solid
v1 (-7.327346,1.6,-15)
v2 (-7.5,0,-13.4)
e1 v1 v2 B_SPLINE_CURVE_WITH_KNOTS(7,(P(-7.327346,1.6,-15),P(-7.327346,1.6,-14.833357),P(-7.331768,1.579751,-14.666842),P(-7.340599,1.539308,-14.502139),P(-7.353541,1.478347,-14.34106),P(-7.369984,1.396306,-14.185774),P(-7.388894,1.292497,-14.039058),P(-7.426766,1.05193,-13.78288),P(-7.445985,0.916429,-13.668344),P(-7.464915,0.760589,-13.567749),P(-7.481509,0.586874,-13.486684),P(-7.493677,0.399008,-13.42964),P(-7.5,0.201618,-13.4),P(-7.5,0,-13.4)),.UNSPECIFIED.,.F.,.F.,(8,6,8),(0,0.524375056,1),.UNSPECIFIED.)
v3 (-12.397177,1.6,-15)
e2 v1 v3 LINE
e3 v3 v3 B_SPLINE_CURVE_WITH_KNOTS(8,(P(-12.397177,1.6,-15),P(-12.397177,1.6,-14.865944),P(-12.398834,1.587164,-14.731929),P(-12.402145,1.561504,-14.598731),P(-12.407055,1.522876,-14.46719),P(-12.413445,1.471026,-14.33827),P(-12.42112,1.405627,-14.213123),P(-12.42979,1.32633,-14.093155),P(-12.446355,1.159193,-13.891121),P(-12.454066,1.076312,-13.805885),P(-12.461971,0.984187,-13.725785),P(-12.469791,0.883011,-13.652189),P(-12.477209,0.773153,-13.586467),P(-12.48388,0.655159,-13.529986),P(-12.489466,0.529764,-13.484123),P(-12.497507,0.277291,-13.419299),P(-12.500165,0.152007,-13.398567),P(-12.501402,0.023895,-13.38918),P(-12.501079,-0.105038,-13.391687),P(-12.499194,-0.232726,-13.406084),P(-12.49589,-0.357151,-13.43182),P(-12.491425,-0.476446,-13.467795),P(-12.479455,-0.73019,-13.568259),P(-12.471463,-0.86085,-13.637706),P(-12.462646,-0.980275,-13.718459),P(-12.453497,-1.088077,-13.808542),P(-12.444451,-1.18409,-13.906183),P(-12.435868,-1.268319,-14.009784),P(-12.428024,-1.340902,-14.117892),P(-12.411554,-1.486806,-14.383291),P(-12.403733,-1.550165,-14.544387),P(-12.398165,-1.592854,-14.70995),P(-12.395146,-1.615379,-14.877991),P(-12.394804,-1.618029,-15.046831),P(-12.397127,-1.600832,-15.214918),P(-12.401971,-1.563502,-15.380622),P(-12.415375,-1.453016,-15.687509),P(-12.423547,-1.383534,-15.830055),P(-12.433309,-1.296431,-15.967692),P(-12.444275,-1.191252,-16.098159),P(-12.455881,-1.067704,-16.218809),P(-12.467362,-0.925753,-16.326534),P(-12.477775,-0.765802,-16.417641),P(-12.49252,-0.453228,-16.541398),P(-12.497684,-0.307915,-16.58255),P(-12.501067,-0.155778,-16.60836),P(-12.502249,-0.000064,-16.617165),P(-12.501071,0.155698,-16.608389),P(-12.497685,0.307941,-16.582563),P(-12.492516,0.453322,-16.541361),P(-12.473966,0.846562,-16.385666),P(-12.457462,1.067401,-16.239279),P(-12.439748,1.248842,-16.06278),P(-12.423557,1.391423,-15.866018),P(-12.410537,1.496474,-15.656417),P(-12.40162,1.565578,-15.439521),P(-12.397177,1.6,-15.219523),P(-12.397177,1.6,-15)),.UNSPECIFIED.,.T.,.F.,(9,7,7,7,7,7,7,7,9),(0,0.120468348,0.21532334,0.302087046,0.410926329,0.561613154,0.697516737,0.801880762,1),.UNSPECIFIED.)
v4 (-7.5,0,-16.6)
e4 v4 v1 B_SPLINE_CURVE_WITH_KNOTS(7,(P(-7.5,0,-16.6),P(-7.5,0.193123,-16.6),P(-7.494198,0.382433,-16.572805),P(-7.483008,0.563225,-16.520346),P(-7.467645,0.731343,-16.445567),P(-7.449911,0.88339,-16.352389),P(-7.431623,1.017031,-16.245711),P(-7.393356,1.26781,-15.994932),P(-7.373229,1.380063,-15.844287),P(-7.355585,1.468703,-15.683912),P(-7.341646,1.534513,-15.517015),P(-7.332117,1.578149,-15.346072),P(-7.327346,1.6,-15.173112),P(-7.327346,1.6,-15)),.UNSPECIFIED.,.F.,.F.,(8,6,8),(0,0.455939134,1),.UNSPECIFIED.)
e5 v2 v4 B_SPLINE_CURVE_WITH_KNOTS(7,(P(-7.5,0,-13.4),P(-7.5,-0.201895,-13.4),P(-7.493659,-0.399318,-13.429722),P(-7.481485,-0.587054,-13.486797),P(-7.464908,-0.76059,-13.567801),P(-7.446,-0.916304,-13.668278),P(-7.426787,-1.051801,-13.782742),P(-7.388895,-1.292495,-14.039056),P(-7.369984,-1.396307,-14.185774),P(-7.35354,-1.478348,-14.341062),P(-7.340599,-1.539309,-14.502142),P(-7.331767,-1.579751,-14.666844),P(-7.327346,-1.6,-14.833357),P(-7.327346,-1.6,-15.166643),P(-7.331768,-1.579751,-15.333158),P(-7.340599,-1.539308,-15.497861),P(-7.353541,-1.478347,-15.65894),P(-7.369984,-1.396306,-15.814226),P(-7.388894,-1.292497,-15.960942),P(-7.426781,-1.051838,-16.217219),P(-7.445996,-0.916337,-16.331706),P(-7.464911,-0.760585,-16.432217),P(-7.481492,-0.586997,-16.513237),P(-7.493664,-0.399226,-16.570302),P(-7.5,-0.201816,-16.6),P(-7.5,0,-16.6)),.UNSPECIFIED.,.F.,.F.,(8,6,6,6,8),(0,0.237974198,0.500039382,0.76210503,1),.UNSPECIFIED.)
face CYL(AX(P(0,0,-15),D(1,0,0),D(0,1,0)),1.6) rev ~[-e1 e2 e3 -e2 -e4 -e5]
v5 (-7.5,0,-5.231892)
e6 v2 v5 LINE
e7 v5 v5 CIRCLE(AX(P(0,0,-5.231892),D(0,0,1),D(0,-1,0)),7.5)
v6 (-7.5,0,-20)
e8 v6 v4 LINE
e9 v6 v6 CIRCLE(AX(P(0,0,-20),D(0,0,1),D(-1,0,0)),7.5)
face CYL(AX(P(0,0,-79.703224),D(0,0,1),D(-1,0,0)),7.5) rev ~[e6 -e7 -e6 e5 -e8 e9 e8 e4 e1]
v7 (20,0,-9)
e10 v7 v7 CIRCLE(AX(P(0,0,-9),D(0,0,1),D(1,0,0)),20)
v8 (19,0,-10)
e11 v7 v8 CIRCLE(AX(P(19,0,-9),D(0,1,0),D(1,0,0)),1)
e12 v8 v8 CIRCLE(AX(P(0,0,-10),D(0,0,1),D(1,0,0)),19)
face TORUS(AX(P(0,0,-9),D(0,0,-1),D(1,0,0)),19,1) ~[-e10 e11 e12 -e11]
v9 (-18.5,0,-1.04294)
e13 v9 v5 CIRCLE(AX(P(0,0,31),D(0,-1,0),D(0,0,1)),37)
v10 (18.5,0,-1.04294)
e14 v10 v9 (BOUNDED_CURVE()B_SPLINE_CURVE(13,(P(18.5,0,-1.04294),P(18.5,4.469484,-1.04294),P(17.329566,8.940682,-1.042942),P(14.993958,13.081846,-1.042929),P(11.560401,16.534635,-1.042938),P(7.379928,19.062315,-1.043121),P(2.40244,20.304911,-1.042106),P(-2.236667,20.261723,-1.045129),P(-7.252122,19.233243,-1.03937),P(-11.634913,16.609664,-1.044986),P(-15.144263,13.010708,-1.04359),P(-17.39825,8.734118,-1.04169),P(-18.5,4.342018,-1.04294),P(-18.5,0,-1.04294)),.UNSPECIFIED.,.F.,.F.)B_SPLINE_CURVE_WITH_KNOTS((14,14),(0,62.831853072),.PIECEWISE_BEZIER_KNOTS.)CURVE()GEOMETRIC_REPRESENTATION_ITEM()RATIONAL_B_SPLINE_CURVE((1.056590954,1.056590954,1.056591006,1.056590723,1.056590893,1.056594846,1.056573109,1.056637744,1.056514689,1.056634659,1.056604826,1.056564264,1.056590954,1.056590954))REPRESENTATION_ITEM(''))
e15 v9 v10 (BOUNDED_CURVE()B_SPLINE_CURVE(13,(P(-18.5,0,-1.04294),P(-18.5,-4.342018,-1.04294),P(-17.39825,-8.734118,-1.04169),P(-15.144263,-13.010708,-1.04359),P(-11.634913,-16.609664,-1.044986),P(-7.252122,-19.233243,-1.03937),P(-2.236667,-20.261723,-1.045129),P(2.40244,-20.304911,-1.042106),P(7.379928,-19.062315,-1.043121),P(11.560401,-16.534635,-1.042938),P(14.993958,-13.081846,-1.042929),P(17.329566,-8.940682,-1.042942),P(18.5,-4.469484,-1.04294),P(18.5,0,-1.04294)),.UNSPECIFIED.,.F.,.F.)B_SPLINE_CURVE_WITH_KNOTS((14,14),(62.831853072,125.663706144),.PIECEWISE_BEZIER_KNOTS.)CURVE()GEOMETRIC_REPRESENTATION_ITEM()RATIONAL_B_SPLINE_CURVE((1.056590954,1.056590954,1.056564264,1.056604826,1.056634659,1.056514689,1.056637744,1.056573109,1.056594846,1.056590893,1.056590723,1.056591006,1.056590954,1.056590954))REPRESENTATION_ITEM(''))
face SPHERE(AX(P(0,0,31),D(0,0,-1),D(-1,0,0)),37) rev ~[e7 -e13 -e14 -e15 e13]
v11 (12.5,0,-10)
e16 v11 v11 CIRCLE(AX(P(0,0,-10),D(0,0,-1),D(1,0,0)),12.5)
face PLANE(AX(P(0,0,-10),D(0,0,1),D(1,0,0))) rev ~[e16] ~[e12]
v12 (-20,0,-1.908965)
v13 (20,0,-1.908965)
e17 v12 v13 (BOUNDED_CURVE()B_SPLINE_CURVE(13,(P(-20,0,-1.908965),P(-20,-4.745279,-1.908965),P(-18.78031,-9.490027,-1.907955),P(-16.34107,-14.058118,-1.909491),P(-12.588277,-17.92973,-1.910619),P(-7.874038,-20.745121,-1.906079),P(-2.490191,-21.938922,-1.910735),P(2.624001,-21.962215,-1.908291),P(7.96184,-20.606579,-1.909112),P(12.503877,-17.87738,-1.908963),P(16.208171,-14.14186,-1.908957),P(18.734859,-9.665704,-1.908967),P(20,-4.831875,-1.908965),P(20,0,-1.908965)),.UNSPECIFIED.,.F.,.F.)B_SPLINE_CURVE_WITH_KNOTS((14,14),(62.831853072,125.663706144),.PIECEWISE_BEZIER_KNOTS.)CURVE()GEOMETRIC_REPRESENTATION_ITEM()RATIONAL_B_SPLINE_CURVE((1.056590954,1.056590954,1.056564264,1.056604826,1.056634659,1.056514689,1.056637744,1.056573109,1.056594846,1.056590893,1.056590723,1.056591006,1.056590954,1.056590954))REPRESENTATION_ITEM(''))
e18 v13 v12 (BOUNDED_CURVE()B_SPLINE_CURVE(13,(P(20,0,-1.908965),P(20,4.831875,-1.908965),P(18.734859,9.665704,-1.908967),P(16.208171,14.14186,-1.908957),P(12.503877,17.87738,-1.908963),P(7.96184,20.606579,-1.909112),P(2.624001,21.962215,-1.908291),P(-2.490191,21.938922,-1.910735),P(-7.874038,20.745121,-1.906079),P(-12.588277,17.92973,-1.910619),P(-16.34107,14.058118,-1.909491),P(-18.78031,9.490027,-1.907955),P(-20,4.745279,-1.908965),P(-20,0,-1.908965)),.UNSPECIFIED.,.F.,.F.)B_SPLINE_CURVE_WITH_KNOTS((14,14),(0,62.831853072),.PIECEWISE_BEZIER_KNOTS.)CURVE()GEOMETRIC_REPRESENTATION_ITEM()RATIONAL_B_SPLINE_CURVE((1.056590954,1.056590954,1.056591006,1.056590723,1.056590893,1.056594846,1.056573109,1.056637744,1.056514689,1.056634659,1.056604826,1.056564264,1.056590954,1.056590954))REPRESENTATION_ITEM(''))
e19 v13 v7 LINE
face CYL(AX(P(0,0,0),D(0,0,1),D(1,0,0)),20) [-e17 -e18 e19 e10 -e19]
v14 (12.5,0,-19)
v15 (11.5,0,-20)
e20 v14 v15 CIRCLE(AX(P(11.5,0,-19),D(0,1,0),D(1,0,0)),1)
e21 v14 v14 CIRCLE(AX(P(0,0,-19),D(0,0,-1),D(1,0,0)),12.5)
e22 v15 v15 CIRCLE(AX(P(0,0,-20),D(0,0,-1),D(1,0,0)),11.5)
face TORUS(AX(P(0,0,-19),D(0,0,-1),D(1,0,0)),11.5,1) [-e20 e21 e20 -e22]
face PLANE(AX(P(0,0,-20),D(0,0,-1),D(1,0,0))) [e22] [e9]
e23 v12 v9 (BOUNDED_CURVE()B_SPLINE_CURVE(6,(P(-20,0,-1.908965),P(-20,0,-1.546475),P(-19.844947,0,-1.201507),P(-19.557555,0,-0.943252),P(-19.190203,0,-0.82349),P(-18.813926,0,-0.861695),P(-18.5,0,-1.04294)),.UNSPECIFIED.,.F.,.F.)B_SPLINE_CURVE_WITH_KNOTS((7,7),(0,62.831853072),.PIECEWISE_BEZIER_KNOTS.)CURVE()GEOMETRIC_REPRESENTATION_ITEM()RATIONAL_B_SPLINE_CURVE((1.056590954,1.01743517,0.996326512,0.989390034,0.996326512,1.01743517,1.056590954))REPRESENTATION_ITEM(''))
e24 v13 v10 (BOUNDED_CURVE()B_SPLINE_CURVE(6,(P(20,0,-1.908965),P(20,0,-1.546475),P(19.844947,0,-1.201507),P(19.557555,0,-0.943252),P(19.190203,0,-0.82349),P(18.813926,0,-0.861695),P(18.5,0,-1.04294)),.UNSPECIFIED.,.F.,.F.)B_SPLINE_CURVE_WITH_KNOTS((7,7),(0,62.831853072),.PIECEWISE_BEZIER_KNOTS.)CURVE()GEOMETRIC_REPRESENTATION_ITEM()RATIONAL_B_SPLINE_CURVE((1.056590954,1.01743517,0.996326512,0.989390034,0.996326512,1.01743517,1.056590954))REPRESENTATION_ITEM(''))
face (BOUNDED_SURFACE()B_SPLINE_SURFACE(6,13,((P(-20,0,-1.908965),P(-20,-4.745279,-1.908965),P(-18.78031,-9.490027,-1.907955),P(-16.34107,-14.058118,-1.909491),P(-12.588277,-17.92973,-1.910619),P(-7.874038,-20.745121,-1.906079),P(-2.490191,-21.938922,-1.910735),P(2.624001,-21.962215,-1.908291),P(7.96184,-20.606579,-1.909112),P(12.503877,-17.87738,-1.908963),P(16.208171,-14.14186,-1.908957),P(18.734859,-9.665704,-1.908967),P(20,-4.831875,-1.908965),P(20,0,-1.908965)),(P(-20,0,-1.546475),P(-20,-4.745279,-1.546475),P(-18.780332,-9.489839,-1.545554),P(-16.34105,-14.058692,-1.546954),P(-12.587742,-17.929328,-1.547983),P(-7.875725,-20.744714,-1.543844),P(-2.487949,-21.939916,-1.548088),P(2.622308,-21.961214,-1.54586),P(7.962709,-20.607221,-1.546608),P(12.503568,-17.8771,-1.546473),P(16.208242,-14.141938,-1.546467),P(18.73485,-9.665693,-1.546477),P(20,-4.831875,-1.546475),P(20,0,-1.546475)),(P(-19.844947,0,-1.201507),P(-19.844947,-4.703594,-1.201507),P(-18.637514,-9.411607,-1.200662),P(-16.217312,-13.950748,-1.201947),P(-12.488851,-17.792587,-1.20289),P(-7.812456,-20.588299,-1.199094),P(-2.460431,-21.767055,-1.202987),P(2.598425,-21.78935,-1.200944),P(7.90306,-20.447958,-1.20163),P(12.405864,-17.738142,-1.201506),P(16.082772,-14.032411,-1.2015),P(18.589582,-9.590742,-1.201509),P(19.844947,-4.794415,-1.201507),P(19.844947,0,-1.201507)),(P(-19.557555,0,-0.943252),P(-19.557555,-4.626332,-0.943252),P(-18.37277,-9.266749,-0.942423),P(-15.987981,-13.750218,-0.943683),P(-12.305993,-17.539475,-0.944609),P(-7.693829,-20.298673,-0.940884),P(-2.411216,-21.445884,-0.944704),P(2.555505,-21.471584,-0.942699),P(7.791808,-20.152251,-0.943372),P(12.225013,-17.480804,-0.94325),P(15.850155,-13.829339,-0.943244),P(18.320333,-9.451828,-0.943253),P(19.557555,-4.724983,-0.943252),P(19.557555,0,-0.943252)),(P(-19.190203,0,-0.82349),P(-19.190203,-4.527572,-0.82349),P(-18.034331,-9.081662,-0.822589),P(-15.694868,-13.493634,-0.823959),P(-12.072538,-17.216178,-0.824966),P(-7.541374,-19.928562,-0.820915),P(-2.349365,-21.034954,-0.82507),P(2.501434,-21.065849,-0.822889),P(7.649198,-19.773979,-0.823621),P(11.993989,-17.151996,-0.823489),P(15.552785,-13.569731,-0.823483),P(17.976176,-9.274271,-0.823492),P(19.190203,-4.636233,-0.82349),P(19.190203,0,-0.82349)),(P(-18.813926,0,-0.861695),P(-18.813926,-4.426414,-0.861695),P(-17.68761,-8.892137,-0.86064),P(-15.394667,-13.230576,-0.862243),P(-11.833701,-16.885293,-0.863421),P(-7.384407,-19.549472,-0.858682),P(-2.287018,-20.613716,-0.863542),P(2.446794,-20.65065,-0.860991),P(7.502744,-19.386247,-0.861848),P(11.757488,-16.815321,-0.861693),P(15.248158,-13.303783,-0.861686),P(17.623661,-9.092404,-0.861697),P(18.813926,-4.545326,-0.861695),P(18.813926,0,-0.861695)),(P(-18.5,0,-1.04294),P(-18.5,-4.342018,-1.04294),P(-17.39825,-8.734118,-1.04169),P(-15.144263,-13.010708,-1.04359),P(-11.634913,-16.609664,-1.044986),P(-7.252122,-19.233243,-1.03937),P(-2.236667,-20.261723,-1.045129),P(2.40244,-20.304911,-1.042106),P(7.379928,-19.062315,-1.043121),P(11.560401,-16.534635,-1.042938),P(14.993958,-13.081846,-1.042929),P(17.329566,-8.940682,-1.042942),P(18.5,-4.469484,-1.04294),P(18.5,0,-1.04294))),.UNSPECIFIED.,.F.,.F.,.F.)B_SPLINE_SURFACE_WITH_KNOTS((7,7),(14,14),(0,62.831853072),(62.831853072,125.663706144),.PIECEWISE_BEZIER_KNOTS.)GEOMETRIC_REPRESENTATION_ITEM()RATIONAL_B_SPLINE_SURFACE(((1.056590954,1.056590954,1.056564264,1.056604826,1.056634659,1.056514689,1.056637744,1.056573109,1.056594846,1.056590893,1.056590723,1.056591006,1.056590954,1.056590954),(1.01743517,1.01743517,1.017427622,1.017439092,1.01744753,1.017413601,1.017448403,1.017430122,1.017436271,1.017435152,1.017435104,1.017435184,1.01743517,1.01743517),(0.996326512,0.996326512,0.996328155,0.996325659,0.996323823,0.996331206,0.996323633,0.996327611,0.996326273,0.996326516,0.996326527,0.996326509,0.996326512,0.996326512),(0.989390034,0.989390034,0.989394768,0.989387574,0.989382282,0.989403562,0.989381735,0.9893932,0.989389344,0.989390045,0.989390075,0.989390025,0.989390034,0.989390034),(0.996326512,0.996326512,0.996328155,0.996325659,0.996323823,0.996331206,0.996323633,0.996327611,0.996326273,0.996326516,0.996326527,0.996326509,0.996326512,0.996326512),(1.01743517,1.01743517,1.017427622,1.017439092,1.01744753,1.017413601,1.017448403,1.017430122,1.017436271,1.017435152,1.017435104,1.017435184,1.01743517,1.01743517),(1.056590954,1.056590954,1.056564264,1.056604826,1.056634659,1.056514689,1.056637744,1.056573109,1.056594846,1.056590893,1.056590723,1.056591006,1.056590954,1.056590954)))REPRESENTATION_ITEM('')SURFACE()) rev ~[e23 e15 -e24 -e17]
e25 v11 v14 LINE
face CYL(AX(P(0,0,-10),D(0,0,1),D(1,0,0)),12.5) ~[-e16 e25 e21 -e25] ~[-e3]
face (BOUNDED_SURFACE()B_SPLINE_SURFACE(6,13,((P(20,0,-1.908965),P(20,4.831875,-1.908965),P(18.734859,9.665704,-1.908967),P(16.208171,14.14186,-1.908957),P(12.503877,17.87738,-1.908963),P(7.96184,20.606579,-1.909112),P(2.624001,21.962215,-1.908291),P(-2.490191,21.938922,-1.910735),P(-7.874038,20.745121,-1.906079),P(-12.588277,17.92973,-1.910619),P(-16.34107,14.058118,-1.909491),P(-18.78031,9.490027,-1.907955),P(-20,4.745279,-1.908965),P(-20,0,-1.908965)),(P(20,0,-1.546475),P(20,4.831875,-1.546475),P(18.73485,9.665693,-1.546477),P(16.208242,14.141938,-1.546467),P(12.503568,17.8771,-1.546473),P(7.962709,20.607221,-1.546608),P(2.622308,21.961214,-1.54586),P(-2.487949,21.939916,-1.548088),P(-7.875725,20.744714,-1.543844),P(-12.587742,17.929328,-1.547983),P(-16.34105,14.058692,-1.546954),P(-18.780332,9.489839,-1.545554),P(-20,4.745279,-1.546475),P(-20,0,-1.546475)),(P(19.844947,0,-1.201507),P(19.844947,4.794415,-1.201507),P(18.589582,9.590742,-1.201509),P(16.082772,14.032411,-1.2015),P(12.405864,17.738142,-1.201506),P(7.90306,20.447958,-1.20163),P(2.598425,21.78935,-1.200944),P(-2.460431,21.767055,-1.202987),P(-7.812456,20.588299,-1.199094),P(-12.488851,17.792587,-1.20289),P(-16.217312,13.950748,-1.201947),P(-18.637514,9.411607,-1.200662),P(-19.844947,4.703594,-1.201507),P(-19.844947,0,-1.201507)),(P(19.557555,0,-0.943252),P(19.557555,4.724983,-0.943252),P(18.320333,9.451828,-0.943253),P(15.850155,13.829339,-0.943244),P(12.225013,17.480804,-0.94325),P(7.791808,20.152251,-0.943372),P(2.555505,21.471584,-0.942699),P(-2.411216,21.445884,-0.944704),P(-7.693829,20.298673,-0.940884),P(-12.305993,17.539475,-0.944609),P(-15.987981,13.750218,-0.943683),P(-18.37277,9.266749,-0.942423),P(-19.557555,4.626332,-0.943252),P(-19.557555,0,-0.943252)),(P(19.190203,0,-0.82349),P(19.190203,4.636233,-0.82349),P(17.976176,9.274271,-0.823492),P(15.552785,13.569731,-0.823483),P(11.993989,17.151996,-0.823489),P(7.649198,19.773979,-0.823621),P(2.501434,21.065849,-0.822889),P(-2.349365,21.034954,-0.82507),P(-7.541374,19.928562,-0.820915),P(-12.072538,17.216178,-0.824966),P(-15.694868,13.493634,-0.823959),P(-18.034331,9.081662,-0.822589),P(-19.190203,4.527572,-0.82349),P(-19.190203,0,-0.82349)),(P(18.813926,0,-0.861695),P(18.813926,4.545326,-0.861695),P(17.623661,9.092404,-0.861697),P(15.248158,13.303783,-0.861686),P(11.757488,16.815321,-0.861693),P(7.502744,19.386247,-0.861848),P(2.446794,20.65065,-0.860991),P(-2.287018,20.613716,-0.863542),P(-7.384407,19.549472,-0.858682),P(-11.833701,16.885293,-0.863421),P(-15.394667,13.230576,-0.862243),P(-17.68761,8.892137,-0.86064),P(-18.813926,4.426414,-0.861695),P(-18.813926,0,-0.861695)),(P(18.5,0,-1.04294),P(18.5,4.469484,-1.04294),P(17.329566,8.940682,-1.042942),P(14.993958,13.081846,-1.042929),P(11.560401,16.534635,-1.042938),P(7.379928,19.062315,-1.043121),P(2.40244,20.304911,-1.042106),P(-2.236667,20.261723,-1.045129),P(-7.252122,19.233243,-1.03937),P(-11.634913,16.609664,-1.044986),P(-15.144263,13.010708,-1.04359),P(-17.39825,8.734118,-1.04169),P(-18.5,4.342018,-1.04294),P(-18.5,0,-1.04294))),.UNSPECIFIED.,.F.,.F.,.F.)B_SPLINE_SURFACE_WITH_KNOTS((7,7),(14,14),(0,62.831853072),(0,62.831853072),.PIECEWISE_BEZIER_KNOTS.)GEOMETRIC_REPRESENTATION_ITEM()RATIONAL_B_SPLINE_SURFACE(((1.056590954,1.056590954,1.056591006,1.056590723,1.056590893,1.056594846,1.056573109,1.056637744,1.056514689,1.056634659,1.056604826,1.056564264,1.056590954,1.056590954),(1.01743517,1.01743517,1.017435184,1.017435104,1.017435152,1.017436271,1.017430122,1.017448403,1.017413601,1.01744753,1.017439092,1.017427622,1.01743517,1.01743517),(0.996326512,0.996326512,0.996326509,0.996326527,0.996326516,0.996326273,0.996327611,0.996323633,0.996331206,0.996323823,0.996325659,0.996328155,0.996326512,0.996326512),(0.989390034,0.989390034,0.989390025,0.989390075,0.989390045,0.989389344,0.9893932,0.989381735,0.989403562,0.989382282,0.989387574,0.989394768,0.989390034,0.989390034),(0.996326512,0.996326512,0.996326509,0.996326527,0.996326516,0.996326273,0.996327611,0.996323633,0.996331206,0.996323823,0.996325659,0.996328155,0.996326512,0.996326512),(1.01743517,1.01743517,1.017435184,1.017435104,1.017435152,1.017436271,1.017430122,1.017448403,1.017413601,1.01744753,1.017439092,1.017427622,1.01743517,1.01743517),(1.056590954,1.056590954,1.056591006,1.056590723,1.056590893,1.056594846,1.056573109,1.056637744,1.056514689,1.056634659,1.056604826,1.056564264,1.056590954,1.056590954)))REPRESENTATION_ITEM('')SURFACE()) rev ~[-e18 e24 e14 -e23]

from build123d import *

# Parameters (mm, degrees)
F0_R      = 20
F1_DEPTH  = 10
F4_R      = 12.5
F5_DEPTH  = 10
F6_R      = 1
F8_D      = 15
F10_D     = 3.2
F10_DEPTH = 20.0010001


with BuildPart() as f1:
    # F0 (on Top) → F1 (new body)
    with BuildSketch(Plane.XY):
        Circle(F0_R)
    extrude(amount=-F1_DEPTH)

    # F2 (on Front) → F3 (revolve, cut)
    with BuildSketch(Plane.XZ):
        with BuildLine():
            Line((0, -6), (0, 68))
            ThreePointArc((0, 68), (-37, 31), (0, -6))
        make_face()
    revolve(axis=Axis((0, 0, 31), (0, 0, -1)), mode=Mode.SUBTRACT)

    # F4 (on face) → F5 (join)
    with BuildSketch(Plane(origin=(0, 0, -10), x_dir=(1, 0, 0), z_dir=(0, 0, -1))):
        Circle(F4_R)
    extrude(amount=F5_DEPTH)

    # F6
    f6_edges = [f1.edges().sort_by_distance(p)[0] for p in [
        (0, 20, -0.128765),
        (0, -20, -0.128765),
        (-20, 0, -10),
        (-12.5, 0, -20),
    ]]
    fillet(f6_edges, radius=F6_R)

    # F8 (through all)
    with Locations(Plane(origin=(0, 0, -20), x_dir=(1, 0, 0), z_dir=(0, 0, -1))):
        with Locations((0, 0)):
            Hole(F8_D / 2)

    # F10 (through all, one way)
    with BuildSketch(Plane.YZ):
        with Locations((0, -15)):
            Circle(F10_D / 2)
    extrude(amount=-F10_DEPTH, mode=Mode.SUBTRACT)


solid = f1.part
